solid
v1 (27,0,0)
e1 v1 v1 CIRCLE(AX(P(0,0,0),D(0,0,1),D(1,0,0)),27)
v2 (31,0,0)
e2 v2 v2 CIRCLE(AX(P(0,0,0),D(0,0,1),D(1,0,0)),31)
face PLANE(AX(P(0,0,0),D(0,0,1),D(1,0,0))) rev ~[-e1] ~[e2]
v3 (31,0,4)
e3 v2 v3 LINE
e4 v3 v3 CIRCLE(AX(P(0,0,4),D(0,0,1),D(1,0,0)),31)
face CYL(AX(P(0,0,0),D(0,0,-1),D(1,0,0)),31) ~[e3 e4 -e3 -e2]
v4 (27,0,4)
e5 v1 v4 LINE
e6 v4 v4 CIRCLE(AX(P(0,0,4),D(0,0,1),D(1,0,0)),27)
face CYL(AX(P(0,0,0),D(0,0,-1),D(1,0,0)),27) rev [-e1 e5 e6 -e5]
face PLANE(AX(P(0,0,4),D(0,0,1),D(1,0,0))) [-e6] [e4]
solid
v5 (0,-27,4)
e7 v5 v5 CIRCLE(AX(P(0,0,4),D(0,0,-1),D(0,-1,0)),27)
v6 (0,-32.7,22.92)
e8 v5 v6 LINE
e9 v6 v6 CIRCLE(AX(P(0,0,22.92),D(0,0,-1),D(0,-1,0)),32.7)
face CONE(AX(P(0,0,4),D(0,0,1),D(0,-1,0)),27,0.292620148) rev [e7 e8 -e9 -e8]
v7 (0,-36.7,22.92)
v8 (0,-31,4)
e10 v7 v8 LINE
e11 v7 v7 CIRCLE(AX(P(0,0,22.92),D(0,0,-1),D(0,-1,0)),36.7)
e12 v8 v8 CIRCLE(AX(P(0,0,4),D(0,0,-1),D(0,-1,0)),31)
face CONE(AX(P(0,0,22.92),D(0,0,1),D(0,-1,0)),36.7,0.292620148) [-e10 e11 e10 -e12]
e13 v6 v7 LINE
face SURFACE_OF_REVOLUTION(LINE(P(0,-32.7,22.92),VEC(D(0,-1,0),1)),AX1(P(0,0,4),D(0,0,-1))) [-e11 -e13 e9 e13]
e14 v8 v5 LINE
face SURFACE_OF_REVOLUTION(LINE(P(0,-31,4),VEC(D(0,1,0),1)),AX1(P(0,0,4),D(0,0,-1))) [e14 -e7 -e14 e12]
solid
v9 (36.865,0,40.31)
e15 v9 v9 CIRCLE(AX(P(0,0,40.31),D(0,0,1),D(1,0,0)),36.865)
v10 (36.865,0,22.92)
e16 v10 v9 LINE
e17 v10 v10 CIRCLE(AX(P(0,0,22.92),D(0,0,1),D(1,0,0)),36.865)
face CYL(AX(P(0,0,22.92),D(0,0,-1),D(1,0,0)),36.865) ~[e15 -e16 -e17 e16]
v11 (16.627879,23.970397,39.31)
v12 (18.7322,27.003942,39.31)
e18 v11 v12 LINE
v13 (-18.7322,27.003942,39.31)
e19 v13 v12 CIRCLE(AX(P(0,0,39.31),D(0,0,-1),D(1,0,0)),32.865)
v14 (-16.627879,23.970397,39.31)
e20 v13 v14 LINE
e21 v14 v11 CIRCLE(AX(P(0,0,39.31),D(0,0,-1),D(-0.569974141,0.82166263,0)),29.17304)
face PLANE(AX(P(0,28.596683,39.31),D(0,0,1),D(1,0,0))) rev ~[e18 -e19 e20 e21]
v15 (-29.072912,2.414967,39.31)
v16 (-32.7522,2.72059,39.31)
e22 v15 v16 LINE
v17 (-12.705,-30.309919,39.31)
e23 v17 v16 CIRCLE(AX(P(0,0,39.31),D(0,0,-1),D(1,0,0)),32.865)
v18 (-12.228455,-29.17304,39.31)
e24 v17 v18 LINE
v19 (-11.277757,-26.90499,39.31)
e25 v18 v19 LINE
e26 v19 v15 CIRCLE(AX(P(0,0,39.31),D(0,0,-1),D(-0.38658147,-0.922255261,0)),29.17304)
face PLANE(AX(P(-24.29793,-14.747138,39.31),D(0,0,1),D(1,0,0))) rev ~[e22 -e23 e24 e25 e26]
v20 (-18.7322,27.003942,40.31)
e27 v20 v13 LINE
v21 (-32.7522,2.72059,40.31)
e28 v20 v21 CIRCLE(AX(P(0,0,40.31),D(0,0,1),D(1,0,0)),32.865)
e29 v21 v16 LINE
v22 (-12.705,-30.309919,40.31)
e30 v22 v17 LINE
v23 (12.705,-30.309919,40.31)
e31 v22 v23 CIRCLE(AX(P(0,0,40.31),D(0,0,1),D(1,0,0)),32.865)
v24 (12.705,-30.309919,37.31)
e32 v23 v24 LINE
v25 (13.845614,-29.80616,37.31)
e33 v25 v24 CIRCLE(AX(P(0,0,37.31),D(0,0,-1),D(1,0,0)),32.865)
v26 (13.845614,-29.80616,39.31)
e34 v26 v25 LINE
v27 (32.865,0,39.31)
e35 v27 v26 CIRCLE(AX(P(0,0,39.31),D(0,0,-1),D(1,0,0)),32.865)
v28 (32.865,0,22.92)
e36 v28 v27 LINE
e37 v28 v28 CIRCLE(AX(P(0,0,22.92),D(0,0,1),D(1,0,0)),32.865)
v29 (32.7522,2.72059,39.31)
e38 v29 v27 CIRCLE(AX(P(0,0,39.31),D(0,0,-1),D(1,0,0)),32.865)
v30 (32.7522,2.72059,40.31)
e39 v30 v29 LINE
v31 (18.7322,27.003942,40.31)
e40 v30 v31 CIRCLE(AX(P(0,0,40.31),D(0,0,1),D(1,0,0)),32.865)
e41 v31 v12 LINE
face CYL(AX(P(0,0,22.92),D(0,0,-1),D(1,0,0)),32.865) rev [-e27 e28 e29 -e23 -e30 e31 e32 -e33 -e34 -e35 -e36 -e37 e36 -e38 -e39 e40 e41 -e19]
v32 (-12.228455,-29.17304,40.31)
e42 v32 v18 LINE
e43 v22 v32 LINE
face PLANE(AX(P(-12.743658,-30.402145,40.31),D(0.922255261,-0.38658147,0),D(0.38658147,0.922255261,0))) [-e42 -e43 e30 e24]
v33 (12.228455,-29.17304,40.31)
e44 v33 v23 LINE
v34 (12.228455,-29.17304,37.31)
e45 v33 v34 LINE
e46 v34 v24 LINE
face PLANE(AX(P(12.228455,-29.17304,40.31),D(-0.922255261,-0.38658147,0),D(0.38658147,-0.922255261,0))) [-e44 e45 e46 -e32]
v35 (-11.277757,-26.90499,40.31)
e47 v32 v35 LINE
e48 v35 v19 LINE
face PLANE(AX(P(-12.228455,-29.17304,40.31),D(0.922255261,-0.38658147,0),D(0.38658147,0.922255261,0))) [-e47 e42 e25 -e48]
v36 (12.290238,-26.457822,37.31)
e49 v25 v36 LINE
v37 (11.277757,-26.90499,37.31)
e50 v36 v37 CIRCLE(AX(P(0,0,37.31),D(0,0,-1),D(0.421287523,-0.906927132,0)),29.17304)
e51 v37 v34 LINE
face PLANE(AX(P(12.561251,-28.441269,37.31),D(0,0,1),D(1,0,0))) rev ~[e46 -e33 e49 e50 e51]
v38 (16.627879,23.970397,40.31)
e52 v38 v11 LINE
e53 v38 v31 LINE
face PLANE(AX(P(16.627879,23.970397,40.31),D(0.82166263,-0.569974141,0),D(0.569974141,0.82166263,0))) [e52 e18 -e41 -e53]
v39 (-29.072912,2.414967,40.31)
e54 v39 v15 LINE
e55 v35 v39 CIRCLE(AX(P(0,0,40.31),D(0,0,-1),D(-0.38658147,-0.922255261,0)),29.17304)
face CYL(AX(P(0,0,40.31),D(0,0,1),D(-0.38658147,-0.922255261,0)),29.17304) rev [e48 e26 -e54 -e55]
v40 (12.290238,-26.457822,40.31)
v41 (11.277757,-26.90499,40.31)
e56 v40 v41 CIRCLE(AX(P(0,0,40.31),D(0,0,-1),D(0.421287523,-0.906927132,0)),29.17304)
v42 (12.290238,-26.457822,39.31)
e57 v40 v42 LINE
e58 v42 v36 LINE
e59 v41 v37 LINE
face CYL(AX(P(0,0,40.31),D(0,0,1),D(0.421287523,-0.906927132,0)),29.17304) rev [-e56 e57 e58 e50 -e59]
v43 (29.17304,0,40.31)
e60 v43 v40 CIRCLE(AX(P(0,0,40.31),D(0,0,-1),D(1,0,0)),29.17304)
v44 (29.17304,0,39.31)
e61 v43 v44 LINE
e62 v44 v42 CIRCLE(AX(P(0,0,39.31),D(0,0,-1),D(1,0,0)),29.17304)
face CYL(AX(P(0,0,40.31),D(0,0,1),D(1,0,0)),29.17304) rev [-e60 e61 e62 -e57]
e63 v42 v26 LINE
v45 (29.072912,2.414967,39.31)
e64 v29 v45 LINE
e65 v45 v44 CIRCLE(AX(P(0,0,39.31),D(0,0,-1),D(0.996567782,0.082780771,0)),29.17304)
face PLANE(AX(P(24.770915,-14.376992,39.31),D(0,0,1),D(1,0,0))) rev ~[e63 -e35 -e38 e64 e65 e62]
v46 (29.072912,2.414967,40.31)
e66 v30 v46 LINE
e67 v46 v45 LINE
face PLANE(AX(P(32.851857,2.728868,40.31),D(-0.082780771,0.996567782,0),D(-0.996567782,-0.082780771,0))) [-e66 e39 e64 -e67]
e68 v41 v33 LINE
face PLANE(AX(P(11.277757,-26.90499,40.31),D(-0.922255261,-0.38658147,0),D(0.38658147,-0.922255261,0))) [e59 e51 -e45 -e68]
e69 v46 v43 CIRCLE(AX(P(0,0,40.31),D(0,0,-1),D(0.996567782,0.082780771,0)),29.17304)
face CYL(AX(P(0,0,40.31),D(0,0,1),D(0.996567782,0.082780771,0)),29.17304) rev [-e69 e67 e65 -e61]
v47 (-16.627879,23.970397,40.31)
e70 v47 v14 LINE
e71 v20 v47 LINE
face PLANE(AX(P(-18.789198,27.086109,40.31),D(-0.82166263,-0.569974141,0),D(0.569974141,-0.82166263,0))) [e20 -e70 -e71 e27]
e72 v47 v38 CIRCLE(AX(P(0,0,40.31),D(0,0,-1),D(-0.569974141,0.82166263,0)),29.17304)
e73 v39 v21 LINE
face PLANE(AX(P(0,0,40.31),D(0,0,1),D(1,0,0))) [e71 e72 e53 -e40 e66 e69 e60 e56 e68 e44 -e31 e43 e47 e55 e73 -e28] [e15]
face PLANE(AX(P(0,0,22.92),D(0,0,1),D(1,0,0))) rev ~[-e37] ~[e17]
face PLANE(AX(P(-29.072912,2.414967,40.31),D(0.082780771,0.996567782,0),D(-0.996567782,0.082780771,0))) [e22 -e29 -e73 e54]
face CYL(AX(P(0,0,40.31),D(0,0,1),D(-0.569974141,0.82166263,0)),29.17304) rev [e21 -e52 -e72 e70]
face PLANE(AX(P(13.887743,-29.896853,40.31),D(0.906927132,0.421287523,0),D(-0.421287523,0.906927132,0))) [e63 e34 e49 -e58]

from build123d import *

# Parameters (mm, degrees)
F10_R    = 31
F10_R_2  = 27
F1_DEPTH = 4
F3_R     = 36.865
F3_R_2   = 32.865
F4_DEPTH = 17.39
F8_DEPTH = 1
F9_DEPTH = 3


with BuildPart() as f1:
    # F10 (on Top) → F1 (new body)
    with BuildSketch(Plane.XY):
        Circle(F10_R)
        Circle(F10_R_2, mode=Mode.SUBTRACT)
    extrude(amount=F1_DEPTH)


with BuildPart() as f4:
    # F3 (on offset) → F4 (new body)
    with BuildSketch(Plane.XY.offset(22.92)):
        Circle(F3_R)
        Circle(F3_R_2, mode=Mode.SUBTRACT)
    extrude(amount=F4_DEPTH)

    # F6 (on offset) → F8 (join)
    with BuildSketch(Plane.XY.offset(40.31)):
        with BuildLine():
            ThreePointArc((-32.8518569318, 2.7288681042), (-28.1807336862, -17.103726901), (-12.743658147, -30.4021446946))
            Line((-12.743658147, -30.4021446946), (-12.2284547539, -29.1730401531))
            Line((-12.2284547539, -29.1730401531), (-11.2777567365, -26.9049897745))
            ThreePointArc((-11.2777567365, -26.9049897745), (-24.9391073979, -15.1362873245), (-29.072911918, 2.4149667459))
            Line((-29.072911918, 2.4149667459), (-32.8518569318, 2.7288681042))
        make_face()
        with BuildLine():
            Line((16.6278785102, 23.97039691), (18.7891975678, 27.0861086123))
            ThreePointArc((18.7891975678, 27.0861086123), (0, 32.965), (-18.7891975678, 27.0861086123))
            Line((-18.7891975678, 27.0861086123), (-16.6278785102, 23.97039691))
            ThreePointArc((-16.6278785102, 23.97039691), (0, 29.1730401531), (16.6278785102, 23.97039691))
        make_face()
        with BuildLine():
            ThreePointArc((13.8877431902, -29.8968529127), (27.789392574, -17.7324810832), (32.965, 0))
            ThreePointArc((32.965, 0), (32.9367020872, 1.3656063199), (32.8518569318, 2.7288681042))
            Line((32.8518569318, 2.7288681042), (29.072911918, 2.4149667459))
            ThreePointArc((29.072911918, 2.4149667459), (29.1479973456, 1.2085207949), (29.1730401531, 0))
            ThreePointArc((29.1730401531, 0), (24.5927822051, -15.6927159914), (12.2902378196, -26.4578216433))
            Line((12.2902378196, -26.4578216433), (13.8877431902, -29.8968529127))
        make_face()
    extrude(amount=-F8_DEPTH)

    # F6 (on offset) → F9 (join)
    with BuildSketch(Plane.XY.offset(40.31)):
        with BuildLine():
            ThreePointArc((12.743658147, -30.4021446946), (13.3180972455, -30.1549251493), (13.8877431902, -29.8968529127))
            Line((13.8877431902, -29.8968529127), (12.2902378196, -26.4578216433))
            ThreePointArc((12.2902378196, -26.4578216433), (11.786118177, -26.6862078627), (11.2777567365, -26.9049897745))
            Line((11.2777567365, -26.9049897745), (12.2284547539, -29.1730401531))
            Line((12.2284547539, -29.1730401531), (12.743658147, -30.4021446946))
        make_face()
    extrude(amount=-F9_DEPTH)


with BuildPart() as f7:
    # F7: sweep along a path in F7_path
    with BuildLine(Plane(origin=(27, 0, 4), x_dir=(0, -1, 0), z_dir=(0, 0, -1))) as f7_path:
        CenterArc((0, 27), 27, 0, 360)
    # F0 (on Front) → F7 (sweep)
    with BuildSketch(Plane.XZ):
        Polygon((-27, 4), (-32.7, 22.92), (-36.7, 22.92), (-31, 4), align=None)
    sweep(path=f7_path.line)


solid = Compound([f1.part, f4.part, f7.part])
